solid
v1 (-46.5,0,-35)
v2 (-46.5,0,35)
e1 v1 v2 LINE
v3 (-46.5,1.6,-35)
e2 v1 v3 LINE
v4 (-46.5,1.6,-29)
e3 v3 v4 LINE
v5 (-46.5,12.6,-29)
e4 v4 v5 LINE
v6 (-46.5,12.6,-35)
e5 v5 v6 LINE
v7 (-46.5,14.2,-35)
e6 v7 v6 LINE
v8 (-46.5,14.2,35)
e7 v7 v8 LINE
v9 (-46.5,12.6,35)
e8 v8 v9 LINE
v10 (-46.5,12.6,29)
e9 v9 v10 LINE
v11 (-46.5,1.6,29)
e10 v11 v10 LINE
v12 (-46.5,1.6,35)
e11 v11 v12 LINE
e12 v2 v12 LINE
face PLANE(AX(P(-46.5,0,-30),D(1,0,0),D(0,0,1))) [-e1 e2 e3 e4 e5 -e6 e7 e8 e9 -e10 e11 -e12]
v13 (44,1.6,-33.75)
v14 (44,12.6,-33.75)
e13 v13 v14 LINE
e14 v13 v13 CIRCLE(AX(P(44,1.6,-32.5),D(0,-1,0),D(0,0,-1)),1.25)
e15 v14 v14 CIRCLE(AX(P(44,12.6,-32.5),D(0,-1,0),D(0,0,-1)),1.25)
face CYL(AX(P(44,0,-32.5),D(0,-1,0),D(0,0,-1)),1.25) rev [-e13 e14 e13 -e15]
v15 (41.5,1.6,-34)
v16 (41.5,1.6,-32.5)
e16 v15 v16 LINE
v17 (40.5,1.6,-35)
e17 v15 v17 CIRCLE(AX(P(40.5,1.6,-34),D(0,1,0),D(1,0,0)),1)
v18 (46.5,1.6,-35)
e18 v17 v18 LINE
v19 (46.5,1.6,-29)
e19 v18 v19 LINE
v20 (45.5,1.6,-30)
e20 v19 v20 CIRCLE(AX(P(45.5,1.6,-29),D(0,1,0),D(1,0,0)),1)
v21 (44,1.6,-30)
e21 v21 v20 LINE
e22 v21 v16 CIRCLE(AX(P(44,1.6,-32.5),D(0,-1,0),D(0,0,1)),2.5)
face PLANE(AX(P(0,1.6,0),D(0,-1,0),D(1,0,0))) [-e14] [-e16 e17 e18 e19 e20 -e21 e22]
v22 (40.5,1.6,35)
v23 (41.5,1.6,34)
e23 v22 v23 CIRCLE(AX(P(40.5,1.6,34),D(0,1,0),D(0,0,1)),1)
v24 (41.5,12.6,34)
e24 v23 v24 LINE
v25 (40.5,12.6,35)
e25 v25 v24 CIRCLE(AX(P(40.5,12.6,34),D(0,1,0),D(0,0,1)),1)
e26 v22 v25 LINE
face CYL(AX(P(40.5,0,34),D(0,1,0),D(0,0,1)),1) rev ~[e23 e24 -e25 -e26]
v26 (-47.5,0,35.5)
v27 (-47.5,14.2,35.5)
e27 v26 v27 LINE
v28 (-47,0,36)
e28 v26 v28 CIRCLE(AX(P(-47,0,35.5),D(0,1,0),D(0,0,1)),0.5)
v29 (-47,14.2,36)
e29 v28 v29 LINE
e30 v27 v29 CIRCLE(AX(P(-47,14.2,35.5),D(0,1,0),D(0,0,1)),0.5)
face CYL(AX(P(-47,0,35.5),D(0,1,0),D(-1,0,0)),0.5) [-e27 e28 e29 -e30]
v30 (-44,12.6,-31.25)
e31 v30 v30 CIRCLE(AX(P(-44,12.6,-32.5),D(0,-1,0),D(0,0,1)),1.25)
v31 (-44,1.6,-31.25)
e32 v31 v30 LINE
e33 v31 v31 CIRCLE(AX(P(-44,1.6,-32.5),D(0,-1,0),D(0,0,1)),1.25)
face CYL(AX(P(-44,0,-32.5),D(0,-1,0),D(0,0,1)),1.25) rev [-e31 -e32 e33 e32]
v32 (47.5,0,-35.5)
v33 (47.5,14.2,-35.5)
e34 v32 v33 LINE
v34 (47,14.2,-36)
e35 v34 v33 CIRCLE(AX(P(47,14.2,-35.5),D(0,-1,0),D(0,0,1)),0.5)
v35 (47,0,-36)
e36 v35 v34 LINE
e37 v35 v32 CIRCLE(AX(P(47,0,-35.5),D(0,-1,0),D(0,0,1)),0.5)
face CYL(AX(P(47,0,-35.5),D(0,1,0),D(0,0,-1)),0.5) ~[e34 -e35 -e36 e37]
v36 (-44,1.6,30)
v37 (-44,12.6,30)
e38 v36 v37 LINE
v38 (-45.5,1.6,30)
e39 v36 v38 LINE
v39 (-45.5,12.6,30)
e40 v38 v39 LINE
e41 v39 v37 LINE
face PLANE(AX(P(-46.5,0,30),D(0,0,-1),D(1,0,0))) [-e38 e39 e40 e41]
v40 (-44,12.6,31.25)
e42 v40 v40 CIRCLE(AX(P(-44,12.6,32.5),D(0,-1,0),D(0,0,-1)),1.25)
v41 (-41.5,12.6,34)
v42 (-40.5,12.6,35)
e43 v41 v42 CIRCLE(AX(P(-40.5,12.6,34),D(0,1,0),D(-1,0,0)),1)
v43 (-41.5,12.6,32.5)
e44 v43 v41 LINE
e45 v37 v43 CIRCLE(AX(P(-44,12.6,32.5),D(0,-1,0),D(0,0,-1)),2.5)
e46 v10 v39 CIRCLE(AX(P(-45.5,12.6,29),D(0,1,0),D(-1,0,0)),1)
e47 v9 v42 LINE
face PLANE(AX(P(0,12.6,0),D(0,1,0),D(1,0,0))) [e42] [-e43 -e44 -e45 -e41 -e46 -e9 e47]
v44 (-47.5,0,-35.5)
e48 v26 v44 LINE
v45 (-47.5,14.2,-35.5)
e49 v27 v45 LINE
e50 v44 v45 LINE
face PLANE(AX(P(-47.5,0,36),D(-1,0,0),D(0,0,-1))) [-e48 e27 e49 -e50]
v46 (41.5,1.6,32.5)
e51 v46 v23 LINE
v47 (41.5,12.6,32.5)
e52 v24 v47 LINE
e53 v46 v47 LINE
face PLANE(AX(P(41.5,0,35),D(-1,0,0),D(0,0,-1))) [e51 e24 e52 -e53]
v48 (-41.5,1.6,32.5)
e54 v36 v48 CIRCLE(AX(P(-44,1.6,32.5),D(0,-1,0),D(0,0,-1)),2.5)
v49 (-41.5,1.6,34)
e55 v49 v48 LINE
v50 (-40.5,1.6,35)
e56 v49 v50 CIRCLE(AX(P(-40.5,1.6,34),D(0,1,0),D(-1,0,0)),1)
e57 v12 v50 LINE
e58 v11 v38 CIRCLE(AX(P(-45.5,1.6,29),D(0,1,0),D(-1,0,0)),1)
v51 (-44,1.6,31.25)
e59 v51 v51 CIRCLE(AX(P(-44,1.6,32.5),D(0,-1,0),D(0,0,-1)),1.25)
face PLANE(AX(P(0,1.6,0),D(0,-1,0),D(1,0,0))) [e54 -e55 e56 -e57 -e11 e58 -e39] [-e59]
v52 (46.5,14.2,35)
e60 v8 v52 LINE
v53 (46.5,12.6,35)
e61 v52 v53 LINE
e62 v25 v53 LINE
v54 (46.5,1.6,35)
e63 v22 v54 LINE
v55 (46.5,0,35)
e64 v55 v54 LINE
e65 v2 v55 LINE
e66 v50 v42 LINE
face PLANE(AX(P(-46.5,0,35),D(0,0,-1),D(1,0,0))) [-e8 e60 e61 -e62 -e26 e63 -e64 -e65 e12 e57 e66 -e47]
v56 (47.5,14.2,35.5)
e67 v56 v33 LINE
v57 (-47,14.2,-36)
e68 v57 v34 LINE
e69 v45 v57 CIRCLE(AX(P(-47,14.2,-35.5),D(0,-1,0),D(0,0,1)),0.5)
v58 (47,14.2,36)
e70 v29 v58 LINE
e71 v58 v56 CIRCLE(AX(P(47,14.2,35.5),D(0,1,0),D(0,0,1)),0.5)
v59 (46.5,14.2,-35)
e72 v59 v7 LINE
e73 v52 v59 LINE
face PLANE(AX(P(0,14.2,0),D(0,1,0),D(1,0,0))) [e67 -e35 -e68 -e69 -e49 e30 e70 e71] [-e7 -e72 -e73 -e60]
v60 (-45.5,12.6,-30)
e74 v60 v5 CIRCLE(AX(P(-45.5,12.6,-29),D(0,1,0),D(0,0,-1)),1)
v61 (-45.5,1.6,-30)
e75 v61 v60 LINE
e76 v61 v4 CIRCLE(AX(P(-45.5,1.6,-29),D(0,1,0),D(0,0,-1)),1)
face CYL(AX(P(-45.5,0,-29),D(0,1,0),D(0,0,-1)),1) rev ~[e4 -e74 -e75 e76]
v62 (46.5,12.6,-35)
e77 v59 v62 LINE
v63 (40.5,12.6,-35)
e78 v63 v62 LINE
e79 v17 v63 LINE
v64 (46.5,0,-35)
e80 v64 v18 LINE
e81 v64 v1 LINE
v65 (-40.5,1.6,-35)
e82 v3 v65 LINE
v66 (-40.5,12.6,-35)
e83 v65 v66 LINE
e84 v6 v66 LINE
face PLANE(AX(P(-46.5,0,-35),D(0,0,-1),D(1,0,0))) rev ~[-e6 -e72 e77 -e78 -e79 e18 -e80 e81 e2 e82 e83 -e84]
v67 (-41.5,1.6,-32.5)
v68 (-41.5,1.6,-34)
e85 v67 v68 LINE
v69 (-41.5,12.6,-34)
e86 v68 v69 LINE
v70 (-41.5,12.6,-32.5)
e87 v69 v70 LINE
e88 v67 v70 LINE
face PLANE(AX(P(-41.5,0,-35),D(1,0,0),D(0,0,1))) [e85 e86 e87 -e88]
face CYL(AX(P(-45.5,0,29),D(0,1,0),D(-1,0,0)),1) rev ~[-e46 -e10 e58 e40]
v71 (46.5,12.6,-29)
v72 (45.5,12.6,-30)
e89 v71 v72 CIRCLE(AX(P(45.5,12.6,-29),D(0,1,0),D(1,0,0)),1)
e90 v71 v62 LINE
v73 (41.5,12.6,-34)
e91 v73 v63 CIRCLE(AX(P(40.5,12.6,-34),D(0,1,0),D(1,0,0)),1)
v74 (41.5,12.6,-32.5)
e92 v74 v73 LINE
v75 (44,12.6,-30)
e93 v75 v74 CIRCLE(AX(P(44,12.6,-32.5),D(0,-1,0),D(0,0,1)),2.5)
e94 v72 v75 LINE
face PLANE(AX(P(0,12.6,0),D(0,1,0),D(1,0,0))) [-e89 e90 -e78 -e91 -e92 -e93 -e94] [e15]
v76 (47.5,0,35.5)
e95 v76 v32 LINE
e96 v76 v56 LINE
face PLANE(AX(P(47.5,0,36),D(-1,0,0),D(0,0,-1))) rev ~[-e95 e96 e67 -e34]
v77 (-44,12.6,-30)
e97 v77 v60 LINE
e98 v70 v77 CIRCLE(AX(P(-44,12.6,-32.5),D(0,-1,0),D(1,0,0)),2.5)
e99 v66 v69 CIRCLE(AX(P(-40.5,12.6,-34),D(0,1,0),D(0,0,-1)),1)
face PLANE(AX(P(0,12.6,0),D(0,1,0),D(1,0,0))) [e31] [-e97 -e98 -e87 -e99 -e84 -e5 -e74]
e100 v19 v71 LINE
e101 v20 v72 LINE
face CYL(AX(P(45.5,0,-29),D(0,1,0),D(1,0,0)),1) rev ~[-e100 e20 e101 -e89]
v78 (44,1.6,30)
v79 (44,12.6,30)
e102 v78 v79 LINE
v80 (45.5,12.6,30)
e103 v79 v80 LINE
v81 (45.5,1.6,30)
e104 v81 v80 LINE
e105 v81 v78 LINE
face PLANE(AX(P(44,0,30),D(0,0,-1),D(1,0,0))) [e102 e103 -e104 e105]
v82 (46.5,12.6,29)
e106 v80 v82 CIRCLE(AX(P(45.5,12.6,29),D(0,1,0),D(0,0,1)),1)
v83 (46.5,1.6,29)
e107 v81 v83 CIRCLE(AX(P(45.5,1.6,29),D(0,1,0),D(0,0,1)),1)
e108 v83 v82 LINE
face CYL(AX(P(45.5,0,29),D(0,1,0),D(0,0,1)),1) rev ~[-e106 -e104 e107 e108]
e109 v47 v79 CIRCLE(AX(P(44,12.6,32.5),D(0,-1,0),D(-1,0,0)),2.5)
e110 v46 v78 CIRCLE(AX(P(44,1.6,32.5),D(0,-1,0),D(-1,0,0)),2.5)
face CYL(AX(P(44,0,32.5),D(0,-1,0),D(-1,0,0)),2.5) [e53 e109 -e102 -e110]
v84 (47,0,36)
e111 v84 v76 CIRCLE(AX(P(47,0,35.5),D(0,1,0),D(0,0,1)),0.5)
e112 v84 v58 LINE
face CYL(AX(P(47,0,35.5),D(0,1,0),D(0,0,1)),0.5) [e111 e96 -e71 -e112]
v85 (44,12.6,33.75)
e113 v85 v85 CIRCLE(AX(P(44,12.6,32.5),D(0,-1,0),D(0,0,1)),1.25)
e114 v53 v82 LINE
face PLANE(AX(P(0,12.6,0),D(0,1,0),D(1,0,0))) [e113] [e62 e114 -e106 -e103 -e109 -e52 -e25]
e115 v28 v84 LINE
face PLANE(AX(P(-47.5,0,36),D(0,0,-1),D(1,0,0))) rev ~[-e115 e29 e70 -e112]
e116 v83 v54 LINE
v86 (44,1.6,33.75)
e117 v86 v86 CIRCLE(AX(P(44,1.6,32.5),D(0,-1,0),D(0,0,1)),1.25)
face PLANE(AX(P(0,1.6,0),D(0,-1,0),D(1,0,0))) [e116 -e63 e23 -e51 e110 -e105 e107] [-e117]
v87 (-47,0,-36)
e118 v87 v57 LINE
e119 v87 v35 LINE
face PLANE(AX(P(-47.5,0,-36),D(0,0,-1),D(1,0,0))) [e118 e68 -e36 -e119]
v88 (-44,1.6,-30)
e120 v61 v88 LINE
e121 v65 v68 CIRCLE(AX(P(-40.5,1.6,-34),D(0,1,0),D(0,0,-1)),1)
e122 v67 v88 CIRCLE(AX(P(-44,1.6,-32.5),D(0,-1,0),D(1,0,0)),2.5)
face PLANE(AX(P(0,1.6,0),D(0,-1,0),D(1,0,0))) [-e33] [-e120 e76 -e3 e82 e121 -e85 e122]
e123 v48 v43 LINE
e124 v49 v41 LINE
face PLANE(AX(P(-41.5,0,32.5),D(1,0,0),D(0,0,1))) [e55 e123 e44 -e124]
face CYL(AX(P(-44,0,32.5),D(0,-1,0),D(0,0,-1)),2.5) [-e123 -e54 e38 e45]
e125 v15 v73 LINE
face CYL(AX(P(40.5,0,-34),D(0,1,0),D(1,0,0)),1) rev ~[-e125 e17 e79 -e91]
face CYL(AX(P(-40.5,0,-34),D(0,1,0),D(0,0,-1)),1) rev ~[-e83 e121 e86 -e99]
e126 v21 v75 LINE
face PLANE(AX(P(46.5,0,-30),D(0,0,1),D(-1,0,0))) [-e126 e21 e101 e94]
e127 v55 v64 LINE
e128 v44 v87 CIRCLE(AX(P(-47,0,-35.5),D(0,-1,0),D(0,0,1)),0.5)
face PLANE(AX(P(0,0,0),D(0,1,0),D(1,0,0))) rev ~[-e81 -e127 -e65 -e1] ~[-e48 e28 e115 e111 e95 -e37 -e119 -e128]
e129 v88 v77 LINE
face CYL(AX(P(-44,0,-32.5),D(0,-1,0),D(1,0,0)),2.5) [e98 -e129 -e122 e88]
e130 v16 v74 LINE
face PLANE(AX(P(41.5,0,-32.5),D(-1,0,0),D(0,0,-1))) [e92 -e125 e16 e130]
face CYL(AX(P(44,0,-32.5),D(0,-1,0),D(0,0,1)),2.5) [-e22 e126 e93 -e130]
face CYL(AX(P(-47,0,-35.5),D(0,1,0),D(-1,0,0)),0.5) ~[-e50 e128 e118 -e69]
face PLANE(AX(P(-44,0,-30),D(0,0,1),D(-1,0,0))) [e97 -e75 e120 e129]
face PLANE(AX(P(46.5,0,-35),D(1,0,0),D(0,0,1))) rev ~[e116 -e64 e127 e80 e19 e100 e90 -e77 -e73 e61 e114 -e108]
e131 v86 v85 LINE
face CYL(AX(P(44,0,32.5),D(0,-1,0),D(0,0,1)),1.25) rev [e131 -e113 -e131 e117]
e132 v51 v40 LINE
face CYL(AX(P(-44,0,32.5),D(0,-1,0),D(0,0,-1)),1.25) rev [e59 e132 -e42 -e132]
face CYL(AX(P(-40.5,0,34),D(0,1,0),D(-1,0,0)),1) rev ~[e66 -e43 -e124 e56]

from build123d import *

# Parameters (mm, degrees)
SKETCH1_W           = 95
SKETCH1_H           = 72
SKETCH1_R           = 1.25
BOSS_EXTRUDE1_DEPTH = 14.2
FILLET1_R           = 0.5
FILLET2_R           = 1
SKETCH2_W           = 93
SKETCH2_H           = 70
CUT_EXTRUDE1_DEPTH  = 1.6
SKETCH3_W           = 93
SKETCH3_H           = 70
CUT_EXTRUDE2_DEPTH  = 1.6


with BuildPart() as part:
    # Sketch1 → Boss-Extrude1 (new body)
    with BuildSketch(Plane(origin=(0, 0, 0), x_dir=(1, 0, 0), z_dir=(0, 1, 0))):
        Rectangle(SKETCH1_W, SKETCH1_H)
        with Locations(Location((-44, 32.5, 0), (0, 0, 270))):
            Circle(SKETCH1_R, mode=Mode.SUBTRACT)
        with Locations(Location((44, 32.5, 0), (0, 0, 90))):
            Circle(SKETCH1_R, mode=Mode.SUBTRACT)
        with Locations(Location((44, -32.5, 0), (0, 0, 270))):
            Circle(SKETCH1_R, mode=Mode.SUBTRACT)
        with Locations(Location((-44, -32.5, 0), (0, 0, 90))):
            Circle(SKETCH1_R, mode=Mode.SUBTRACT)
        with BuildLine():
            Line((-44, 30), (-46.5, 30))
            Line((-46.5, 30), (-46.5, -30))
            Line((-46.5, -30), (-44, -30))
            ThreePointArc((-44, -30), (-42.232233047, -30.732233047), (-41.5, -32.5))
            Line((-41.5, -32.5), (-41.5, -35))
            Line((-41.5, -35), (41.5, -35))
            Line((41.5, -35), (41.5, -32.5))
            ThreePointArc((41.5, -32.5), (42.232233047, -30.732233047), (44, -30))
            Line((44, -30), (46.5, -30))
            Line((46.5, -30), (46.5, 30))
            Line((46.5, 30), (44, 30))
            ThreePointArc((44, 30), (42.232233047, 30.732233047), (41.5, 32.5))
            Line((41.5, 32.5), (41.5, 35))
            Line((41.5, 35), (-41.5, 35))
            Line((-41.5, 35), (-41.5, 32.5))
            ThreePointArc((-41.5, 32.5), (-42.232233047, 30.732233047), (-44, 30))
        make_face(mode=Mode.SUBTRACT)
    extrude(amount=BOSS_EXTRUDE1_DEPTH)

    # Fillet1
    fillet1_edges = [part.edges().sort_by_distance(p)[0] for p in [
        (47.5, 7.1, -36),
        (47.5, 7.1, 36),
        (-47.5, 7.1, 36),
        (-47.5, 7.1, -36),
    ]]
    fillet(fillet1_edges, radius=FILLET1_R)

    # Fillet2
    fillet2_edges = [part.edges().sort_by_distance(p)[0] for p in [
        (-46.5, 7.1, -30),
        (-46.5, 7.1, 30),
        (-41.5, 7.1, 35),
        (41.5, 7.1, 35),
        (46.5, 7.1, 30),
        (46.5, 7.1, -30),
        (41.5, 7.1, -35),
        (-41.5, 7.1, -35),
    ]]
    fillet(fillet2_edges, radius=FILLET2_R)

    # Sketch2 → Cut-Extrude1 (cut)
    with BuildSketch(Plane(origin=(0, 14.2, 0), x_dir=(1, 0, 0), z_dir=(0, 1, 0))):
        Rectangle(SKETCH2_W, SKETCH2_H)
    extrude(amount=-CUT_EXTRUDE1_DEPTH, mode=Mode.SUBTRACT)

    # Sketch3 → Cut-Extrude2 (cut)
    with BuildSketch(Plane.XZ):
        Rectangle(SKETCH3_W, SKETCH3_H)
    extrude(amount=-CUT_EXTRUDE2_DEPTH, mode=Mode.SUBTRACT)


solid = part.part
